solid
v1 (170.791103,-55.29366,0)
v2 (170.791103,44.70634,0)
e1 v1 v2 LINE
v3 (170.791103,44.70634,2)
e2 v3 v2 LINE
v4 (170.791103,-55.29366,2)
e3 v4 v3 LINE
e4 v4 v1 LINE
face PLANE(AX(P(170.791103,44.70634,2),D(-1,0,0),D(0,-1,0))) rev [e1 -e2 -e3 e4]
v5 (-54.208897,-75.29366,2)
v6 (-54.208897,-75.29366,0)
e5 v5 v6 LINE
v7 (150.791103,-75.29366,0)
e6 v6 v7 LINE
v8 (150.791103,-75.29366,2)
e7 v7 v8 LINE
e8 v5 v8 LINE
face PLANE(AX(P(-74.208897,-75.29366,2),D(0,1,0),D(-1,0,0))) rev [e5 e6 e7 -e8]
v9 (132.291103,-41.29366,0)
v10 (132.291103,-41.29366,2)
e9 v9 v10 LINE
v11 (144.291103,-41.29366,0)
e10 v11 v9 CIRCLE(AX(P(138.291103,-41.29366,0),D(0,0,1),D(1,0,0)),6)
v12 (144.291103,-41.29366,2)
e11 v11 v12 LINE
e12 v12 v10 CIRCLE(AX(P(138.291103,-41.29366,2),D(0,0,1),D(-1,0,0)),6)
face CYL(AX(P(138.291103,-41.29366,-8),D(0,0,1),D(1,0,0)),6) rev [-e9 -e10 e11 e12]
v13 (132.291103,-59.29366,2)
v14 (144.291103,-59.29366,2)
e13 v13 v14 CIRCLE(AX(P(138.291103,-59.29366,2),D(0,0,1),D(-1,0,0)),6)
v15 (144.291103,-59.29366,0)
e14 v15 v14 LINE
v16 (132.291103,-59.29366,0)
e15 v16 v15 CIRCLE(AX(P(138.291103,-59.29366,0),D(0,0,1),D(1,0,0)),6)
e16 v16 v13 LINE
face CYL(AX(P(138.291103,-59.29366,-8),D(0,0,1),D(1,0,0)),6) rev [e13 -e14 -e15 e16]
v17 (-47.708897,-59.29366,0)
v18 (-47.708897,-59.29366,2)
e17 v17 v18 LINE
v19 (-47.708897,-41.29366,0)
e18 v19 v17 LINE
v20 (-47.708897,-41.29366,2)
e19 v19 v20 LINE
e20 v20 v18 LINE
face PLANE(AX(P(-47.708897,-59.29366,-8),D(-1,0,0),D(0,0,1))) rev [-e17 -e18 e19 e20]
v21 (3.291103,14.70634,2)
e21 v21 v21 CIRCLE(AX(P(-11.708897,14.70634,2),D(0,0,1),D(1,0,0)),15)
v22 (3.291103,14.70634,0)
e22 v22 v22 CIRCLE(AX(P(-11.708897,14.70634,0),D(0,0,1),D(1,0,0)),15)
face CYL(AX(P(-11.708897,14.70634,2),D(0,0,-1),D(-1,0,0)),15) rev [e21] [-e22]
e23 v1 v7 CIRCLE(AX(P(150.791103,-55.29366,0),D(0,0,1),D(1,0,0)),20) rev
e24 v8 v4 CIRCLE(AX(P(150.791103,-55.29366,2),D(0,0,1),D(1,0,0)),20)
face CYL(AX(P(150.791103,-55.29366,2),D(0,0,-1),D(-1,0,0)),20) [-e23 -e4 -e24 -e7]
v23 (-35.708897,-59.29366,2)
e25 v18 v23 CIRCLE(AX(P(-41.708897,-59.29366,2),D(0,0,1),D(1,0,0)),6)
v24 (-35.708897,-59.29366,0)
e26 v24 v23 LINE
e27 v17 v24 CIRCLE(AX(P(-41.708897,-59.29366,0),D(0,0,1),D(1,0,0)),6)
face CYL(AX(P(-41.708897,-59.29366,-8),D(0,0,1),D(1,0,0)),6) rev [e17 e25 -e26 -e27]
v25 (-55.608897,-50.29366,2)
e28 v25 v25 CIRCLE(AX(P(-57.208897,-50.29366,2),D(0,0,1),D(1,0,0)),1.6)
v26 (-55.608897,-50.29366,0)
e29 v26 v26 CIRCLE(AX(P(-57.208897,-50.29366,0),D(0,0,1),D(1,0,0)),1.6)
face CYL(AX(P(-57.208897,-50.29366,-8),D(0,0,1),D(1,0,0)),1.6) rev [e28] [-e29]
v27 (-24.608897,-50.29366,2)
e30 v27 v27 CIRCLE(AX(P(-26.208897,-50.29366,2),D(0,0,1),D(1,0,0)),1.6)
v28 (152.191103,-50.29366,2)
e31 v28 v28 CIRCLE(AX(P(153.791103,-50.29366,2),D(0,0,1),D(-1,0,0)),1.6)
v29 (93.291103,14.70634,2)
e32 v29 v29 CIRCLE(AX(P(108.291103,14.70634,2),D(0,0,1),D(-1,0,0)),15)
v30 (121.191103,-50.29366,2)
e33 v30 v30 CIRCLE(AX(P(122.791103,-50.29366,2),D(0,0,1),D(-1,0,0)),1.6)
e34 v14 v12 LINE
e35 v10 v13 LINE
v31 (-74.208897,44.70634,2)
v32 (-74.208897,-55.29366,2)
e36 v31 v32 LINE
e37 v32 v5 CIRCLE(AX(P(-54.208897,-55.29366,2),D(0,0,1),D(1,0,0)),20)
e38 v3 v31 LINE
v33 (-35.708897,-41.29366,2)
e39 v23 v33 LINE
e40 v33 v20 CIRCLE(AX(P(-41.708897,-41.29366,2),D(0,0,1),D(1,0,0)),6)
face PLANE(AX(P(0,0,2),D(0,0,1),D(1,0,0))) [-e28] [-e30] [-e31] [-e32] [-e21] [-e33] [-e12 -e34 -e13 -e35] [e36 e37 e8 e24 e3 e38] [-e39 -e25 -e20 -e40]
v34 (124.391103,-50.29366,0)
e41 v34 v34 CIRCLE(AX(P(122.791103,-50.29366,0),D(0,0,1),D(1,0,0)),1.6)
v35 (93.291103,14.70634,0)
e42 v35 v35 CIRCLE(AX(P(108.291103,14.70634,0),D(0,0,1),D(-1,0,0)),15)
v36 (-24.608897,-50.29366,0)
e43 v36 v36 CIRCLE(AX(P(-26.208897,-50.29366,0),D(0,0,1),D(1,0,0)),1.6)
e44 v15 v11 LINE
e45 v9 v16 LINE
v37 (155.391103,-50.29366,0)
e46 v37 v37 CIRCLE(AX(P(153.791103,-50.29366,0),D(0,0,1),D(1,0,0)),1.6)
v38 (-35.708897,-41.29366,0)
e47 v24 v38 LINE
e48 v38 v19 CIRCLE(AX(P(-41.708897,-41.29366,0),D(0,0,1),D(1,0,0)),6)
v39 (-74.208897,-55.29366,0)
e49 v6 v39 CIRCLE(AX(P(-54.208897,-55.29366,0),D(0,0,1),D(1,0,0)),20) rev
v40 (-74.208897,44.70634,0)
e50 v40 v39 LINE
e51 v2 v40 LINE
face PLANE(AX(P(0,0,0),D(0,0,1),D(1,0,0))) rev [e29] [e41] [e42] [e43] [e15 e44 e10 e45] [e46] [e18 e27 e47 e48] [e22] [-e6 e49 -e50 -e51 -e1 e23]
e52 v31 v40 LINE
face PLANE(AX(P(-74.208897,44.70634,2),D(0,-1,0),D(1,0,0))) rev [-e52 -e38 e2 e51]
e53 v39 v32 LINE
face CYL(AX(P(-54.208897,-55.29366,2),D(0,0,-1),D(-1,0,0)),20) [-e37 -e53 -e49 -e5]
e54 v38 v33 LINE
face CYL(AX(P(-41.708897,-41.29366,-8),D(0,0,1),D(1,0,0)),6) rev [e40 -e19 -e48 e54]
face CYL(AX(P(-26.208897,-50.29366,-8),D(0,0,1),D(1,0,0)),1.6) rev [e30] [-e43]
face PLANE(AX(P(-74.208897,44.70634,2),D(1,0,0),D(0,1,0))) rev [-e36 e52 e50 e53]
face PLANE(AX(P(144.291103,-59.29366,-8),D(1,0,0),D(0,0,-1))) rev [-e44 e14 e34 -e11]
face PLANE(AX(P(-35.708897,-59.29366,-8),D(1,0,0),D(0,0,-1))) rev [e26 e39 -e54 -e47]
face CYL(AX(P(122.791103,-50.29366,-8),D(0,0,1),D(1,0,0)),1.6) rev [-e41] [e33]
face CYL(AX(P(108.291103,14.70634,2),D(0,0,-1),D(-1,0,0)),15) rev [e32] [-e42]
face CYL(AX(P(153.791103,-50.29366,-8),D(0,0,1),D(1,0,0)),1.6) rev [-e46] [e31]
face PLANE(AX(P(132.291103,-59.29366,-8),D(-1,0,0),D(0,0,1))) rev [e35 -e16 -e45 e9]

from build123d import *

# Parameters (mm, degrees)
SKETCH_1_W          = 245
SKETCH_1_H          = 120
SKETCH_1_R          = 15
EXTRUDE_1_DEPTH     = 2
FILLET_1_R          = 20
FILLET_2_R          = 20
SKETCH_3_R          = 1.6
CUT_EXTRUDE_1_DEPTH = 10


with BuildPart() as part:
    # 草图1 → 凸台-拉伸1 (new body)
    with BuildSketch(Plane.XY):
        with Locations((48.291102509, -15.293659776)):
            Rectangle(SKETCH_1_W, SKETCH_1_H)
        with Locations((-11.708897491, 14.706340224)):
            Circle(SKETCH_1_R, mode=Mode.SUBTRACT)
        with Locations((108.291102509, 14.706340224)):
            Circle(SKETCH_1_R, mode=Mode.SUBTRACT)
    extrude(amount=EXTRUDE_1_DEPTH)

    # 圆角1
    fillet_1_edges = [part.edges().sort_by_distance(p)[0] for p in [
        (170.791102509, -75.293659776, 1),
    ]]
    fillet(fillet_1_edges, radius=FILLET_1_R)

    # 圆角2
    fillet_2_edges = [part.edges().sort_by_distance(p)[0] for p in [
        (-74.208897491, -75.293659776, 1),
    ]]
    fillet(fillet_2_edges, radius=FILLET_2_R)

    # 草图3 → 切除-拉伸1 (cut)
    with BuildSketch(Plane.XY.offset(2)):
        with Locations((-26.208897491, -50.293659776)):
            Circle(SKETCH_3_R)
        with Locations((-57.208897491, -50.293659776)):
            Circle(SKETCH_3_R)
        with Locations((153.791102509, -50.293659776)):
            Circle(SKETCH_3_R)
        with Locations((122.791102509, -50.293659776)):
            Circle(SKETCH_3_R)
        with BuildLine():
            Line((-47.708897491, -59.293659776), (-47.708897491, -41.293659776))
            ThreePointArc((-47.708897491, -41.293659776), (-41.708897491, -35.293659776), (-35.708897491, -41.293659776))
            Line((-35.708897491, -41.293659776), (-35.708897491, -59.293659776))
            ThreePointArc((-35.708897491, -59.293659776), (-41.708897491, -65.293659776), (-47.708897491, -59.293659776))
        make_face()
        with BuildLine():
            Line((144.291102509, -59.293659776), (144.291102509, -41.293659776))
            ThreePointArc((144.291102509, -41.293659776), (138.291102509, -35.293659776), (132.291102509, -41.293659776))
            Line((132.291102509, -41.293659776), (132.291102509, -59.293659776))
            ThreePointArc((132.291102509, -59.293659776), (138.291102509, -65.293659776), (144.291102509, -59.293659776))
        make_face()
    extrude(amount=-CUT_EXTRUDE_1_DEPTH, mode=Mode.SUBTRACT)


solid = part.part
